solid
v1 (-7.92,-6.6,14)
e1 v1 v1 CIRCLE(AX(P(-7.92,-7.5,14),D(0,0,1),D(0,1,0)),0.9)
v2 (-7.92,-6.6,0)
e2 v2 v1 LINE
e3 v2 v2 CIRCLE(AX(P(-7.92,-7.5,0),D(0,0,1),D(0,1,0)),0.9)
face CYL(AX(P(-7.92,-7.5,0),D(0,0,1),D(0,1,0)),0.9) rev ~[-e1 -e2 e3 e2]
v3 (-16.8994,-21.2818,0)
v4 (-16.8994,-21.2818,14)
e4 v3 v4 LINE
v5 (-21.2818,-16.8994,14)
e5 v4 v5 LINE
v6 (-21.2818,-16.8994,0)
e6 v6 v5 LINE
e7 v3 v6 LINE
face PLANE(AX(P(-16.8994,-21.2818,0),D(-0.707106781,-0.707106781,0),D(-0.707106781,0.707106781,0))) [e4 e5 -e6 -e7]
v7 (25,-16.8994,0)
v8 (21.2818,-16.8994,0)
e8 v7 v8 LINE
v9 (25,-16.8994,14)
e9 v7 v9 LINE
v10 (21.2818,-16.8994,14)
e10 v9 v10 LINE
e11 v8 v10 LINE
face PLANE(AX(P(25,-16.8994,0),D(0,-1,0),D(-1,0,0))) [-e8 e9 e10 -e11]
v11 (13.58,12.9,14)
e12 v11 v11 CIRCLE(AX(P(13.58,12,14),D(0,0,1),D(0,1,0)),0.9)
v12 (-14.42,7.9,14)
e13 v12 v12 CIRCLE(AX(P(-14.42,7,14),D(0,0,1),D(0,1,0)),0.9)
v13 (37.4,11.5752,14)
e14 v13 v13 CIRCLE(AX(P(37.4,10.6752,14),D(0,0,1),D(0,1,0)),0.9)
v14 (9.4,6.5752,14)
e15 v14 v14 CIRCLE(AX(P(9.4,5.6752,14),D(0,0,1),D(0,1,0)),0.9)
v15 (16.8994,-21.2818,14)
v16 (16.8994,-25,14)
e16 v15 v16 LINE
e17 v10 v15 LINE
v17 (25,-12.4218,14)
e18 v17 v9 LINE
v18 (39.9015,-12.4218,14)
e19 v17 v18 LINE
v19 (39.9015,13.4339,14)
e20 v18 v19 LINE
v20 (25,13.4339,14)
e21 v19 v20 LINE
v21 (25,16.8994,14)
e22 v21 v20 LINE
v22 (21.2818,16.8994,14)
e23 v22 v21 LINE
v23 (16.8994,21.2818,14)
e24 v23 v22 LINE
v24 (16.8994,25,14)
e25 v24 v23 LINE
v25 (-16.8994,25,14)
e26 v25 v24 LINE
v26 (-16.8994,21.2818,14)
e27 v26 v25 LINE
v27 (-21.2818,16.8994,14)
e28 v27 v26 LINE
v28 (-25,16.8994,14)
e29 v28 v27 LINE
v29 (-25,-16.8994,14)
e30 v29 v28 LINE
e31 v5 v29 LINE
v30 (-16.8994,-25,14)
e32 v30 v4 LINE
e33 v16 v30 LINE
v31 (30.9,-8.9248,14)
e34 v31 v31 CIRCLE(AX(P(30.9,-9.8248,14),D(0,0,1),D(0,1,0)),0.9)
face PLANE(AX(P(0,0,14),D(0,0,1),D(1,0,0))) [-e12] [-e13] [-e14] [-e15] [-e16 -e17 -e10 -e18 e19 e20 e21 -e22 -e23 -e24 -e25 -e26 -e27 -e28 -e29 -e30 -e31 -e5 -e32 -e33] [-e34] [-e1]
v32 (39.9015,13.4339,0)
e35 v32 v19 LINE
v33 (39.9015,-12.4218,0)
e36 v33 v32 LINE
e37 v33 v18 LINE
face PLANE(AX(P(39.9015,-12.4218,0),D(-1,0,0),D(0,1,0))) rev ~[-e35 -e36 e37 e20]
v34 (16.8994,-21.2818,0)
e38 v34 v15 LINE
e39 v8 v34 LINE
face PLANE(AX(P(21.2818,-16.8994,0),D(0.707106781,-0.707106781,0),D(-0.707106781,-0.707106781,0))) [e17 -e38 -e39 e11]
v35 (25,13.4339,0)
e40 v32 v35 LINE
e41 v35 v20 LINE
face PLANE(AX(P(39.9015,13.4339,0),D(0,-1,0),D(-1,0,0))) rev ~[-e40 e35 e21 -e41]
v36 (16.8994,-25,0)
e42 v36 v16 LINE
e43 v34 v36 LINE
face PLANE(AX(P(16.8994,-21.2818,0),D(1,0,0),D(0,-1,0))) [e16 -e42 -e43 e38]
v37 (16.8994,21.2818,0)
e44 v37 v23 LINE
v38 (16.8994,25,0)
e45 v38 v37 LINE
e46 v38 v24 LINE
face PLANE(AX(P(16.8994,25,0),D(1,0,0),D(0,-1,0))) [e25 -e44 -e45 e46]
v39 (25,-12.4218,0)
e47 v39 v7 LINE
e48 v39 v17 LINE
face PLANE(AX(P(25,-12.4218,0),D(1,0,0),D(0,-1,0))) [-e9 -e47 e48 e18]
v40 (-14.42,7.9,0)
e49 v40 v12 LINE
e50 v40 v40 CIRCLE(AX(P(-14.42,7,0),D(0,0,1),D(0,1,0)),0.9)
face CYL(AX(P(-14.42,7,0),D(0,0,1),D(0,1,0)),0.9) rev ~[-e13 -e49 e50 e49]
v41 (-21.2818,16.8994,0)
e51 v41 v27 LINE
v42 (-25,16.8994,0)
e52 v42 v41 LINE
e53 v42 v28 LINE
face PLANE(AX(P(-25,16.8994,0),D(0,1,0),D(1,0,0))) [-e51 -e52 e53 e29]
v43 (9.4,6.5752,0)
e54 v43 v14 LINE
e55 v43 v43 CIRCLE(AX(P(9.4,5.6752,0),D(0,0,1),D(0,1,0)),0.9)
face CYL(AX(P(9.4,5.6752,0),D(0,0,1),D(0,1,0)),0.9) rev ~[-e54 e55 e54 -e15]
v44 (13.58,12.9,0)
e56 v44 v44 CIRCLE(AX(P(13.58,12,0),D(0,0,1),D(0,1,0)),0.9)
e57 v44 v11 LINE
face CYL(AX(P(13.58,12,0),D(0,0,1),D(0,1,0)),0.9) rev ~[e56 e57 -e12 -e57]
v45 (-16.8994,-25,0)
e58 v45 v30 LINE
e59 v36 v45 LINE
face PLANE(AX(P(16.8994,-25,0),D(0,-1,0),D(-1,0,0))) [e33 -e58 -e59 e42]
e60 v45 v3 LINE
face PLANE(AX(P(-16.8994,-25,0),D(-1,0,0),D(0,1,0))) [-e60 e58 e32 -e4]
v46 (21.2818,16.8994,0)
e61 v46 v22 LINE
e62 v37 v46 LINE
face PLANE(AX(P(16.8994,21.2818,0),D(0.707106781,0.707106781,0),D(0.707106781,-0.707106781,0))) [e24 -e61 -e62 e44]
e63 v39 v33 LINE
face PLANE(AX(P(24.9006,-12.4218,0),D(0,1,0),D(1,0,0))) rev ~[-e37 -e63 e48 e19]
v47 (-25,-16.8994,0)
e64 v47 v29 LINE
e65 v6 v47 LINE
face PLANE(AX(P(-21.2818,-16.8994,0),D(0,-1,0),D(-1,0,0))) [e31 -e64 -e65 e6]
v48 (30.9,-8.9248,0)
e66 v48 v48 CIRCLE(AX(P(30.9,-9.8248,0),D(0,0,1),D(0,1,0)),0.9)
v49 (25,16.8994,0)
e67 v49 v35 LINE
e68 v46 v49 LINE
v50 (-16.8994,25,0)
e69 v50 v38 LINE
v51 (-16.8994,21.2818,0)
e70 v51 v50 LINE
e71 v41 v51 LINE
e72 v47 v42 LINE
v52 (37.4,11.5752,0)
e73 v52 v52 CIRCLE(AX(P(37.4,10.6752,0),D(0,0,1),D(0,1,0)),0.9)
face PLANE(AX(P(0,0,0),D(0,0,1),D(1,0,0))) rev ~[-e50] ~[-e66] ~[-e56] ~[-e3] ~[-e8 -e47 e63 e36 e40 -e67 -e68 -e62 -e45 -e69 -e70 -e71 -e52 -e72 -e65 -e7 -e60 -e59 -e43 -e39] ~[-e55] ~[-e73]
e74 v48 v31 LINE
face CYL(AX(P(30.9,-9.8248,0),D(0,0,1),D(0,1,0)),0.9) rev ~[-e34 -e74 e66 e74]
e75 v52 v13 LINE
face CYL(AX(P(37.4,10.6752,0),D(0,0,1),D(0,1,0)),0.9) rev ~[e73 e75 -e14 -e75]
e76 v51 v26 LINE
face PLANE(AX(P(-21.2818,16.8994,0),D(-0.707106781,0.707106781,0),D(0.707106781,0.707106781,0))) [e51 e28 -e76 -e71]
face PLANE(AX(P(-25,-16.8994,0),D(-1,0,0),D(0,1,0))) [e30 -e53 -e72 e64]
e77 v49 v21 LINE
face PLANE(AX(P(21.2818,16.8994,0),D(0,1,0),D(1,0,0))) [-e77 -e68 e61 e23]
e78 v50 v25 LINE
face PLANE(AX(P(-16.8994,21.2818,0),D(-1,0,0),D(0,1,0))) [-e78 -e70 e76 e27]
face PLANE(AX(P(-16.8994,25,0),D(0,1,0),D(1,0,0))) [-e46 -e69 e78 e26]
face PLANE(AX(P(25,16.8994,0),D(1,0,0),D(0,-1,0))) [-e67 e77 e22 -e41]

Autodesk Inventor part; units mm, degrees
ref_plane "YZ Plane" through (0, 0, 0) normal (1, 0, 0) x (0, 1, 0)
ref_plane "XZ Plane" through (0, 0, 0) normal (0, 1, 0) x (-1, 0, 0)
ref_plane "XY Plane" through (0, 0, 0) normal (0, 0, 1) x (1, 0, 0)
sketch "Sketch1" plane through (0, 0, 0) normal (0, 0, 1) x (1, 0, 0)
  line L0 (-37.8611, 0) -> (52.8619, 0) construction
  line L1 (0, -34.8609) -> (0, 34.8609) construction
  line L2 (0, 0) -> (13.4339, 13.4339) construction
  line L3 (0, 0) -> (18.9985, 0) construction
  line L4 (0, 24.9006) -> (16.8, 24.9006)
  line L5 (16.8, 24.9006) -> (16.8, 21.2406)
  line L6 (16.8, 21.2406) -> (19.0203, 19.0203)
  line L7 (24.9006, 0) -> (24.9006, 16.8)
  line L8 (24.9006, 16.8) -> (21.2406, 16.8)
  line L9 (21.2406, 16.8) -> (19.0203, 19.0203)
  line L10 (0, 0) -> (-13.4339, 13.4339) construction
  line L11 (0, 0) -> (-18.9985, 0) construction
  line L12 (0, 24.9006) -> (-16.8, 24.9006)
  line L13 (-16.8, 24.9006) -> (-16.8, 21.2406)
  line L14 (-16.8, 21.2406) -> (-19.0203, 19.0203)
  line L15 (-24.9006, 0) -> (-24.9006, 16.8)
  line L16 (-24.9006, 16.8) -> (-21.2406, 16.8)
  line L17 (-21.2406, 16.8) -> (-19.0203, 19.0203)
  line L18 (0, 0) -> (13.4339, -13.4339) construction
  line L19 (0, -24.9006) -> (16.8, -24.9006)
  line L20 (16.8, -24.9006) -> (16.8, -21.2406)
  line L21 (16.8, -21.2406) -> (19.0203, -19.0203)
  line L22 (24.9006, 0) -> (24.9006, -16.8)
  line L23 (24.9006, -16.8) -> (21.2406, -16.8)
  line L24 (21.2406, -16.8) -> (19.0203, -19.0203)
  line L25 (0, 0) -> (-13.4339, -13.4339) construction
  line L26 (0, -24.9006) -> (-16.8, -24.9006)
  line L27 (-16.8, -24.9006) -> (-16.8, -21.2406)
  line L28 (-16.8, -21.2406) -> (-19.0203, -19.0203)
  line L29 (-24.9006, 0) -> (-24.9006, -16.8)
  line L30 (-24.9006, -16.8) -> (-21.2406, -16.8)
  line L31 (-21.2406, -16.8) -> (-19.0203, -19.0203)
  circle A0 centre (37.4, 10.6752) radius 1 projected
  circle A1 centre (30.9, -9.8248) radius 1 projected
  line L32 (39.9015, 13.4339) -> (24.9006, 13.4339)
  line L33 (24.9006, 13.4339) -> (24.9006, -12.4218)
  line L34 (24.9006, -12.4218) -> (39.9015, -12.4218)
  line L35 (39.9015, -12.4218) -> (39.9015, 13.4339)
  dimension "d0" = 45
  dimension "d1" = 3.14
  dimension "d2" = 3.66
  dimension "d3" = 16.8
extrude "Thickness" add sketch "Sketch1" along normal blind 14 contours L4 L5 L6 L9 L8 L7 L22 L23 L24 L21 L20 L19 L26 L27 L28 L31 L30 L29 L15 L16 L17 L14 L13 L12 | L32 L35 L34 L22 L7 | A0 | A1
sketch "Sketch3" plane through (0, 0, 0) normal (0, 0, -1) x (-1, 0, 0)
  line L0 (-16.8, 24.9006) -> (16.8, 24.9006) projected
  line L1 (16.8, 24.9006) -> (16.8, 21.2406) projected
  line L2 (16.8, 21.2406) -> (21.2406, 16.8) projected
  line L3 (21.2406, 16.8) -> (24.9006, 16.8) projected
  line L4 (24.9006, 16.8) -> (24.9006, -16.8) projected
  line L5 (24.9006, -16.8) -> (21.2406, -16.8) projected
  line L6 (21.2406, -16.8) -> (16.8, -21.2406) projected
  line L7 (16.8, -21.2406) -> (16.8, -24.9006) projected
  line L8 (16.8, -24.9006) -> (-16.8, -24.9006) projected
  line L9 (-16.8, -24.9006) -> (-16.8, -21.2406) projected
  line L10 (-16.8, -21.2406) -> (-21.2406, -16.8) projected
  line L11 (-21.2406, -16.8) -> (-24.9006, -16.8) projected
  line L12 (-24.9006, -16.8) -> (-24.9006, -12.4218) projected
  line L13 (-24.9006, 16.8) -> (-21.2406, 16.8) projected
  line L14 (-21.2406, 16.8) -> (-16.8, 21.2406) projected
  line L15 (-16.8, 21.2406) -> (-16.8, 24.9006) projected
  line L16 (16.8994, 25) -> (-16.8994, 25)
  line L17 (-16.8994, 25) -> (-16.8994, 21.2818)
  line L18 (-16.8994, 21.2818) -> (-21.2818, 16.8994)
  line L19 (-21.2818, 16.8994) -> (-25, 16.8994)
  line L20 (-25, 16.8994) -> (-25, -16.8994)
  line L21 (-25, -16.8994) -> (-21.2818, -16.8994)
  line L22 (-21.2818, -16.8994) -> (-16.8994, -21.2818)
  line L23 (-16.8994, -21.2818) -> (-16.8994, -25)
  line L24 (-16.8994, -25) -> (16.8994, -25)
  line L25 (16.8994, -25) -> (16.8994, -21.2818)
  line L26 (16.8994, -21.2818) -> (21.2818, -16.8994)
  line L27 (21.2818, -16.8994) -> (25, -16.8994)
  line L28 (25, -16.8994) -> (25, 16.8994)
  line L29 (25, 16.8994) -> (21.2818, 16.8994)
  line L30 (21.2818, 16.8994) -> (16.8994, 21.2818)
  line L31 (16.8994, 21.2818) -> (16.8994, 25)
  line L32 (-39.9015, 13.4339) -> (-24.9006, 13.4339) projected
  line L33 (-24.9006, 13.4339) -> (-24.9006, 16.8) projected
  line L34 (-24.9006, -12.4218) -> (-39.9015, -12.4218) projected
  line L35 (-39.9015, -12.4218) -> (-39.9015, 13.4339) projected
  point P0 (0, 0)
  dimension "d22" = 50
extrude "Extrusion3" add sketch "Sketch3" against normal up to surface (14 mm away)
ref_plane "Work Plane1" through (0, -16.8994, 0) normal (-1, 0, 0) x (0, 0, 1)
ref_plane "Work Plane2" through (-16.8994, 0, 0) normal (0, -1, 0) x (1, 0, 0)
sketch "Sketch4" plane through (0, 0, 0) normal (0, 0, -1) x (-1, 0, 0)
  arc A0 (12.7755, -29.7) -> (13.7755, -30.7) centre (13.7755, -29.7) ccw projected
  line L0 (13.7755, -30.7) -> (16.92, -30.7) projected
  line L1 (16.92, -30.7) -> (16.92, -5) projected
  line L2 (16.92, -5) -> (7.3923, -5) projected
  arc A1 (7.3923, -5) -> (6.3923, -6) centre (7.3923, -6) ccw projected
  line L3 (6.3923, -6) -> (6.3923, -7.8624) projected
  arc A2 (5.3923, -8.8624) -> (6.3923, -7.8624) centre (5.3923, -7.8624) ccw projected
  line L4 (5.3923, -8.8624) -> (-13.08, -8.8624) projected
  line L5 (-13.08, -8.8624) -> (-13.08, -20.397) projected
  arc A3 (-14.08, -21.397) -> (-13.08, -20.397) centre (-14.08, -20.397) ccw projected
  line L6 (-14.08, -21.397) -> (-15.08, -21.397) projected
  arc A4 (-15.08, -21.397) -> (-16.08, -22.397) centre (-15.08, -22.397) ccw projected
  line L7 (-16.08, -22.397) -> (-16.08, -24.9624) projected
  arc A5 (-16.08, -24.9624) -> (-15.08, -25.9624) centre (-15.08, -24.9624) ccw projected
  line L8 (-15.08, -25.9624) -> (11.7755, -25.9624) projected
  arc A6 (12.7755, -26.9624) -> (11.7755, -25.9624) centre (11.7755, -26.9624) ccw projected
  line L9 (12.7755, -26.9624) -> (12.7755, -29.7) projected
  line L10 (4.42, -24) -> (-11.08, -24) projected
  line L11 (-11.08, -24) -> (-11.08, -10.5) projected
  line L12 (-11.08, -10.5) -> (4.42, -10.5) projected
  line L13 (4.42, -10.5) -> (4.42, -24) projected
  circle A7 centre (14.42, -28) radius 1 projected
  circle A8 centre (7.92, -7.5) radius 1 projected
  circle A9 centre (-13.58, -23) radius 1 projected
  arc A10 (12.7755, 5.3) -> (13.7755, 4.3) centre (13.7755, 5.3) ccw projected
  line L14 (13.7755, 4.3) -> (16.92, 4.3) projected
  line L15 (16.92, 4.3) -> (16.92, 30) projected
  line L16 (16.92, 30) -> (7.3923, 30) projected
  arc A11 (7.3923, 30) -> (6.3923, 29) centre (7.3923, 29) ccw projected
  line L17 (6.3923, 29) -> (6.3923, 27.1376) projected
  arc A12 (5.3923, 26.1376) -> (6.3923, 27.1376) centre (5.3923, 27.1376) ccw projected
  line L18 (5.3923, 26.1376) -> (-13.08, 26.1376) projected
  line L19 (-13.08, 26.1376) -> (-13.08, 14.603) projected
  arc A13 (-14.08, 13.603) -> (-13.08, 14.603) centre (-14.08, 14.603) ccw projected
  line L20 (-14.08, 13.603) -> (-15.08, 13.603) projected
  arc A14 (-15.08, 13.603) -> (-16.08, 12.603) centre (-15.08, 12.603) ccw projected
  line L21 (-16.08, 12.603) -> (-16.08, 10.0376) projected
  arc A15 (-16.08, 10.0376) -> (-15.08, 9.0376) centre (-15.08, 10.0376) ccw projected
  line L22 (-15.08, 9.0376) -> (11.7755, 9.0376) projected
  arc A16 (12.7755, 8.0376) -> (11.7755, 9.0376) centre (11.7755, 8.0376) ccw projected
  line L23 (12.7755, 8.0376) -> (12.7755, 5.3) projected
  line L24 (4.42, 11) -> (-11.08, 11) projected
  line L25 (-11.08, 11) -> (-11.08, 24.5) projected
  line L26 (-11.08, 24.5) -> (4.42, 24.5) projected
  line L27 (4.42, 24.5) -> (4.42, 11) projected
  circle A17 centre (14.42, 7) radius 1 projected
  circle A18 centre (7.92, 27.5) radius 1 projected
  circle A19 centre (-13.58, 12) radius 1 projected
  arc A20 (-35.7555, 12.3752) -> (-36.7555, 13.3752) centre (-36.7555, 12.3752) ccw projected
  line L28 (-36.7555, 13.3752) -> (-39.9, 13.3752) projected
  line L29 (-39.9, 13.3752) -> (-39.9, -12.3248) projected
  line L30 (-39.9, -12.3248) -> (-30.3723, -12.3248) projected
  arc A21 (-30.3723, -12.3248) -> (-29.3723, -11.3248) centre (-30.3723, -11.3248) ccw projected
  line L31 (-29.3723, -11.3248) -> (-29.3723, -9.4624) projected
  arc A22 (-28.3723, -8.4624) -> (-29.3723, -9.4624) centre (-28.3723, -9.4624) ccw projected
  line L32 (-28.3723, -8.4624) -> (-9.9, -8.4624) projected
  line L33 (-9.9, -8.4624) -> (-9.9, 3.0723) projected
  arc A23 (-8.9, 4.0723) -> (-9.9, 3.0723) centre (-8.9, 3.0723) ccw projected
  line L34 (-8.9, 4.0723) -> (-7.9, 4.0723) projected
  arc A24 (-7.9, 4.0723) -> (-6.9, 5.0723) centre (-7.9, 5.0723) ccw projected
  line L35 (-6.9, 5.0723) -> (-6.9, 7.6376) projected
  arc A25 (-6.9, 7.6376) -> (-7.9, 8.6376) centre (-7.9, 7.6376) ccw projected
  line L36 (-7.9, 8.6376) -> (-34.7555, 8.6376) projected
  arc A26 (-35.7555, 9.6376) -> (-34.7555, 8.6376) centre (-34.7555, 9.6376) ccw projected
  line L37 (-35.7555, 9.6376) -> (-35.7555, 12.3752) projected
  line L38 (-27.4, 6.6752) -> (-11.9, 6.6752) projected
  line L39 (-11.9, 6.6752) -> (-11.9, -6.8248) projected
  line L40 (-11.9, -6.8248) -> (-27.4, -6.8248) projected
  line L41 (-27.4, -6.8248) -> (-27.4, 6.6752) projected
  circle A27 centre (-37.4, 10.6752) radius 1 projected
  circle A28 centre (-30.9, -9.8248) radius 1 projected
  circle A29 centre (-9.4, 5.6752) radius 1 projected
  point P0 (0, 0)
hole "Hole2" at (-7.92, -7.5, 0) at (-14.42, 7, 0) at (13.58, 12, 0) at (9.4, 5.6752, 0) at (30.9, -9.8248, 0) at (37.4, 10.6752, 0) direction (0, 0, 1) diameter 1.8 end through all
equation "\"Lens_diameter\" = 25.4"
properties part number "20_Cube_Insert_VCM_MirrorMount_KES400A"
